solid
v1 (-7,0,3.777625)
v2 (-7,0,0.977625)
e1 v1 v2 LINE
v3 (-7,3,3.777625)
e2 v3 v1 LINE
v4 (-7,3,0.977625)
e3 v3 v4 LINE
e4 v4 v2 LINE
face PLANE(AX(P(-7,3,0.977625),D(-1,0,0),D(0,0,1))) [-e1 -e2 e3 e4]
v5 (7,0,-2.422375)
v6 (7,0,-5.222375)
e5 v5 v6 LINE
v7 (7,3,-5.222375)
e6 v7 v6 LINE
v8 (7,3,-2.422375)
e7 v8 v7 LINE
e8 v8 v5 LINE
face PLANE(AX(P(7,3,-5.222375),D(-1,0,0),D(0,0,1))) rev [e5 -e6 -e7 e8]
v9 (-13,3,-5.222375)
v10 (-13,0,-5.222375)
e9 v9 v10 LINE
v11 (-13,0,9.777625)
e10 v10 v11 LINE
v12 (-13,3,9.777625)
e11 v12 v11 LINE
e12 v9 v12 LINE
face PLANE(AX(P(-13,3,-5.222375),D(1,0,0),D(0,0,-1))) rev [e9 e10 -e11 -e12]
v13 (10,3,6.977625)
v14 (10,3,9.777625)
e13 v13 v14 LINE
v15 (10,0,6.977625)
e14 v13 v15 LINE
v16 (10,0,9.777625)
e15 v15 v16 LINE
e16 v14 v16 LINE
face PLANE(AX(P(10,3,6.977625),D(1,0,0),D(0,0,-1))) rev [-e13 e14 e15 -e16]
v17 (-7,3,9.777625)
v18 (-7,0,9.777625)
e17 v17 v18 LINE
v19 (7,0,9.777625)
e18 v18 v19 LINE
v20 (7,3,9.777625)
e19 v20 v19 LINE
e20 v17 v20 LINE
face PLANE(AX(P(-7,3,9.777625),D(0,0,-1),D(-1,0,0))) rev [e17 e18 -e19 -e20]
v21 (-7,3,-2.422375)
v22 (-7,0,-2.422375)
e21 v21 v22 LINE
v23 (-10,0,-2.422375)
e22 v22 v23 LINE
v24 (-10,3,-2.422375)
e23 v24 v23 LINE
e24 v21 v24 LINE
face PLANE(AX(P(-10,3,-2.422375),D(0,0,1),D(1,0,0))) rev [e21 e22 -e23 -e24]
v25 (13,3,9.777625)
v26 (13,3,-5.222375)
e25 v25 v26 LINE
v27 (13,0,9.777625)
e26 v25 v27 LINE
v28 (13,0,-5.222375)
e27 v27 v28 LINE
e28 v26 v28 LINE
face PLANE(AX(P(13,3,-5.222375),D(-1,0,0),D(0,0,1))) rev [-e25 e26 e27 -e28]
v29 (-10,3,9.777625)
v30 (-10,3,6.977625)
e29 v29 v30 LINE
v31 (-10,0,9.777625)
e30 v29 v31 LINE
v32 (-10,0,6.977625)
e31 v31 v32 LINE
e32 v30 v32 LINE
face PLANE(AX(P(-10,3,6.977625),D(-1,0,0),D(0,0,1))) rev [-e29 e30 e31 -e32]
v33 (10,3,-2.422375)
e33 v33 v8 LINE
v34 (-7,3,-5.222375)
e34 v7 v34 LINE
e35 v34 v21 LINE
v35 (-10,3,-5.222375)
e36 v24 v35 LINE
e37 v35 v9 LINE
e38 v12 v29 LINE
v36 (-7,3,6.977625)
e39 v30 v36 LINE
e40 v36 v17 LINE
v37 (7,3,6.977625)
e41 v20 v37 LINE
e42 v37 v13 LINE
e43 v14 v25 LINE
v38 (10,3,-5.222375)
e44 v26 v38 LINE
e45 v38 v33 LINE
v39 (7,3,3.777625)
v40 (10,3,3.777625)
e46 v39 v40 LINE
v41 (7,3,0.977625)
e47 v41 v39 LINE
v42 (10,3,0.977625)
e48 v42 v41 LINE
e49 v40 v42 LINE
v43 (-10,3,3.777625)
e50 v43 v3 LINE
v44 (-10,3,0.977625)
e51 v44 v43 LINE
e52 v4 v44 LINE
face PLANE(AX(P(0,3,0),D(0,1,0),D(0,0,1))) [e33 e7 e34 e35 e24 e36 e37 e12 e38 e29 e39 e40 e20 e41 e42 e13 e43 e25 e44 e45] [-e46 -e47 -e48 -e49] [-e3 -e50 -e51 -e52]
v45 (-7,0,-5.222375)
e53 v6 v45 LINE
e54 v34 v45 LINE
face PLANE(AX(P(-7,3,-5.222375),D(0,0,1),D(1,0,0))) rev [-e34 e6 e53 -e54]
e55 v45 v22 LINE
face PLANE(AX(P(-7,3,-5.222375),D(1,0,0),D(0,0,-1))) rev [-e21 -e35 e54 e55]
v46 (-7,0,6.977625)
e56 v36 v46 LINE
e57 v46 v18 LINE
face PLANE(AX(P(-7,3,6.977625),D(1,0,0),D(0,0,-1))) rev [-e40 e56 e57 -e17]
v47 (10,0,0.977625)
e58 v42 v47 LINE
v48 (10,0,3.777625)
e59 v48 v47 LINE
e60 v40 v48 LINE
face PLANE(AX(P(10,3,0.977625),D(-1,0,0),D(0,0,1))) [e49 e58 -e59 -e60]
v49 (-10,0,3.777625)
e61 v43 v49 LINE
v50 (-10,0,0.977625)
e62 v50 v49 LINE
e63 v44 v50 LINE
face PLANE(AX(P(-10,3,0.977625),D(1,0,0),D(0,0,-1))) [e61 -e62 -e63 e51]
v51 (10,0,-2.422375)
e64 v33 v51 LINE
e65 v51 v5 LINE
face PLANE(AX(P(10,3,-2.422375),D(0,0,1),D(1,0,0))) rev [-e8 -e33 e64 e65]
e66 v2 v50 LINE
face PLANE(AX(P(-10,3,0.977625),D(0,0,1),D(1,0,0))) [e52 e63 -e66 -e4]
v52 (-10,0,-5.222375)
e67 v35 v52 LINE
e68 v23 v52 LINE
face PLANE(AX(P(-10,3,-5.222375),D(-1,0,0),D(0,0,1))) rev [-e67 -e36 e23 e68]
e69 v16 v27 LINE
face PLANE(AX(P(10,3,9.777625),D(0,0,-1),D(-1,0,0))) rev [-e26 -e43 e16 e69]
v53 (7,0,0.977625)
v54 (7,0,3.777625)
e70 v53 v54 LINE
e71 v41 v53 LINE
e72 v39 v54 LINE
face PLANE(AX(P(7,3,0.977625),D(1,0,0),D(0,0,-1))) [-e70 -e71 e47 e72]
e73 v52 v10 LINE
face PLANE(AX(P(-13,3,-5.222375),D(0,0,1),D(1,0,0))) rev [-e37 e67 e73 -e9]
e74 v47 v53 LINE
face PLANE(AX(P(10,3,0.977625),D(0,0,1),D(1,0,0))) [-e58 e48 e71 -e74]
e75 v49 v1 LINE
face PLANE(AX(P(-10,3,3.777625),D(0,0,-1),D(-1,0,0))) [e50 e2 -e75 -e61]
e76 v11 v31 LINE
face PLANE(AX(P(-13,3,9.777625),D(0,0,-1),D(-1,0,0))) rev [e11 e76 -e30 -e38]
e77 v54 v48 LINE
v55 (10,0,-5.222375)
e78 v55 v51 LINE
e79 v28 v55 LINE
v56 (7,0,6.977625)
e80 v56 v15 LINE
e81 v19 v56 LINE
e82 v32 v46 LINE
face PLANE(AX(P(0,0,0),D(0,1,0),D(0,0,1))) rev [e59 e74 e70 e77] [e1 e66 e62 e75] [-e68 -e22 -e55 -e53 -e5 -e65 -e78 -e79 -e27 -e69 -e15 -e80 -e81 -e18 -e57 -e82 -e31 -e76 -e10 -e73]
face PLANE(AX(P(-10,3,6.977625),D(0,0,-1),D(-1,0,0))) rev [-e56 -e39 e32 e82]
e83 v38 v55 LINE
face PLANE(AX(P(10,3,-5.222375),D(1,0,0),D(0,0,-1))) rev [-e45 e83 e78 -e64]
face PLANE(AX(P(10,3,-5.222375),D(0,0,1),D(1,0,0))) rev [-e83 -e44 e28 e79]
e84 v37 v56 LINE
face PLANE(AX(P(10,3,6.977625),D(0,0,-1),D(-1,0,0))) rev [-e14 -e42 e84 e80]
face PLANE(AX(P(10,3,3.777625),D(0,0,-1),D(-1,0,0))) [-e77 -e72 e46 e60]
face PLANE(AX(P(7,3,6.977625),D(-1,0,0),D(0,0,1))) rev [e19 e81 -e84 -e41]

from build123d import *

# Parameters (mm, degrees)
SKETCH1_W           = 3
SKETCH1_H           = 2.8
BOSS_EXTRUDE1_DEPTH = 3


with BuildPart() as part:
    # Sketch1 → Boss-Extrude1 (new body)
    with BuildSketch(Plane(origin=(0, 0, 0), x_dir=(1, 0, 0), z_dir=(0, 1, 0))):
        Polygon((-10, -6.977624818), (-7, -6.977624818), (-7, -9.777624818), (7, -9.777624818), (7, -6.977624818), (10, -6.977624818), (10, -9.777624818), (13, -9.777624818), (13, 5.222375182), (10, 5.222375182), (10, 2.422375182), (7, 2.422375182), (7, 5.222375182), (-7, 5.222375182), (-7, 2.422375182), (-10, 2.422375182), (-10, 5.222375182), (-13, 5.222375182), (-13, -9.777624818), (-10, -9.777624818), align=None)
        with Locations((-8.5, -2.377624818)):
            Rectangle(SKETCH1_W, SKETCH1_H, mode=Mode.SUBTRACT)
        with Locations((8.5, -2.377624818)):
            Rectangle(SKETCH1_W, SKETCH1_H, mode=Mode.SUBTRACT)
    extrude(amount=BOSS_EXTRUDE1_DEPTH)


solid = part.part
